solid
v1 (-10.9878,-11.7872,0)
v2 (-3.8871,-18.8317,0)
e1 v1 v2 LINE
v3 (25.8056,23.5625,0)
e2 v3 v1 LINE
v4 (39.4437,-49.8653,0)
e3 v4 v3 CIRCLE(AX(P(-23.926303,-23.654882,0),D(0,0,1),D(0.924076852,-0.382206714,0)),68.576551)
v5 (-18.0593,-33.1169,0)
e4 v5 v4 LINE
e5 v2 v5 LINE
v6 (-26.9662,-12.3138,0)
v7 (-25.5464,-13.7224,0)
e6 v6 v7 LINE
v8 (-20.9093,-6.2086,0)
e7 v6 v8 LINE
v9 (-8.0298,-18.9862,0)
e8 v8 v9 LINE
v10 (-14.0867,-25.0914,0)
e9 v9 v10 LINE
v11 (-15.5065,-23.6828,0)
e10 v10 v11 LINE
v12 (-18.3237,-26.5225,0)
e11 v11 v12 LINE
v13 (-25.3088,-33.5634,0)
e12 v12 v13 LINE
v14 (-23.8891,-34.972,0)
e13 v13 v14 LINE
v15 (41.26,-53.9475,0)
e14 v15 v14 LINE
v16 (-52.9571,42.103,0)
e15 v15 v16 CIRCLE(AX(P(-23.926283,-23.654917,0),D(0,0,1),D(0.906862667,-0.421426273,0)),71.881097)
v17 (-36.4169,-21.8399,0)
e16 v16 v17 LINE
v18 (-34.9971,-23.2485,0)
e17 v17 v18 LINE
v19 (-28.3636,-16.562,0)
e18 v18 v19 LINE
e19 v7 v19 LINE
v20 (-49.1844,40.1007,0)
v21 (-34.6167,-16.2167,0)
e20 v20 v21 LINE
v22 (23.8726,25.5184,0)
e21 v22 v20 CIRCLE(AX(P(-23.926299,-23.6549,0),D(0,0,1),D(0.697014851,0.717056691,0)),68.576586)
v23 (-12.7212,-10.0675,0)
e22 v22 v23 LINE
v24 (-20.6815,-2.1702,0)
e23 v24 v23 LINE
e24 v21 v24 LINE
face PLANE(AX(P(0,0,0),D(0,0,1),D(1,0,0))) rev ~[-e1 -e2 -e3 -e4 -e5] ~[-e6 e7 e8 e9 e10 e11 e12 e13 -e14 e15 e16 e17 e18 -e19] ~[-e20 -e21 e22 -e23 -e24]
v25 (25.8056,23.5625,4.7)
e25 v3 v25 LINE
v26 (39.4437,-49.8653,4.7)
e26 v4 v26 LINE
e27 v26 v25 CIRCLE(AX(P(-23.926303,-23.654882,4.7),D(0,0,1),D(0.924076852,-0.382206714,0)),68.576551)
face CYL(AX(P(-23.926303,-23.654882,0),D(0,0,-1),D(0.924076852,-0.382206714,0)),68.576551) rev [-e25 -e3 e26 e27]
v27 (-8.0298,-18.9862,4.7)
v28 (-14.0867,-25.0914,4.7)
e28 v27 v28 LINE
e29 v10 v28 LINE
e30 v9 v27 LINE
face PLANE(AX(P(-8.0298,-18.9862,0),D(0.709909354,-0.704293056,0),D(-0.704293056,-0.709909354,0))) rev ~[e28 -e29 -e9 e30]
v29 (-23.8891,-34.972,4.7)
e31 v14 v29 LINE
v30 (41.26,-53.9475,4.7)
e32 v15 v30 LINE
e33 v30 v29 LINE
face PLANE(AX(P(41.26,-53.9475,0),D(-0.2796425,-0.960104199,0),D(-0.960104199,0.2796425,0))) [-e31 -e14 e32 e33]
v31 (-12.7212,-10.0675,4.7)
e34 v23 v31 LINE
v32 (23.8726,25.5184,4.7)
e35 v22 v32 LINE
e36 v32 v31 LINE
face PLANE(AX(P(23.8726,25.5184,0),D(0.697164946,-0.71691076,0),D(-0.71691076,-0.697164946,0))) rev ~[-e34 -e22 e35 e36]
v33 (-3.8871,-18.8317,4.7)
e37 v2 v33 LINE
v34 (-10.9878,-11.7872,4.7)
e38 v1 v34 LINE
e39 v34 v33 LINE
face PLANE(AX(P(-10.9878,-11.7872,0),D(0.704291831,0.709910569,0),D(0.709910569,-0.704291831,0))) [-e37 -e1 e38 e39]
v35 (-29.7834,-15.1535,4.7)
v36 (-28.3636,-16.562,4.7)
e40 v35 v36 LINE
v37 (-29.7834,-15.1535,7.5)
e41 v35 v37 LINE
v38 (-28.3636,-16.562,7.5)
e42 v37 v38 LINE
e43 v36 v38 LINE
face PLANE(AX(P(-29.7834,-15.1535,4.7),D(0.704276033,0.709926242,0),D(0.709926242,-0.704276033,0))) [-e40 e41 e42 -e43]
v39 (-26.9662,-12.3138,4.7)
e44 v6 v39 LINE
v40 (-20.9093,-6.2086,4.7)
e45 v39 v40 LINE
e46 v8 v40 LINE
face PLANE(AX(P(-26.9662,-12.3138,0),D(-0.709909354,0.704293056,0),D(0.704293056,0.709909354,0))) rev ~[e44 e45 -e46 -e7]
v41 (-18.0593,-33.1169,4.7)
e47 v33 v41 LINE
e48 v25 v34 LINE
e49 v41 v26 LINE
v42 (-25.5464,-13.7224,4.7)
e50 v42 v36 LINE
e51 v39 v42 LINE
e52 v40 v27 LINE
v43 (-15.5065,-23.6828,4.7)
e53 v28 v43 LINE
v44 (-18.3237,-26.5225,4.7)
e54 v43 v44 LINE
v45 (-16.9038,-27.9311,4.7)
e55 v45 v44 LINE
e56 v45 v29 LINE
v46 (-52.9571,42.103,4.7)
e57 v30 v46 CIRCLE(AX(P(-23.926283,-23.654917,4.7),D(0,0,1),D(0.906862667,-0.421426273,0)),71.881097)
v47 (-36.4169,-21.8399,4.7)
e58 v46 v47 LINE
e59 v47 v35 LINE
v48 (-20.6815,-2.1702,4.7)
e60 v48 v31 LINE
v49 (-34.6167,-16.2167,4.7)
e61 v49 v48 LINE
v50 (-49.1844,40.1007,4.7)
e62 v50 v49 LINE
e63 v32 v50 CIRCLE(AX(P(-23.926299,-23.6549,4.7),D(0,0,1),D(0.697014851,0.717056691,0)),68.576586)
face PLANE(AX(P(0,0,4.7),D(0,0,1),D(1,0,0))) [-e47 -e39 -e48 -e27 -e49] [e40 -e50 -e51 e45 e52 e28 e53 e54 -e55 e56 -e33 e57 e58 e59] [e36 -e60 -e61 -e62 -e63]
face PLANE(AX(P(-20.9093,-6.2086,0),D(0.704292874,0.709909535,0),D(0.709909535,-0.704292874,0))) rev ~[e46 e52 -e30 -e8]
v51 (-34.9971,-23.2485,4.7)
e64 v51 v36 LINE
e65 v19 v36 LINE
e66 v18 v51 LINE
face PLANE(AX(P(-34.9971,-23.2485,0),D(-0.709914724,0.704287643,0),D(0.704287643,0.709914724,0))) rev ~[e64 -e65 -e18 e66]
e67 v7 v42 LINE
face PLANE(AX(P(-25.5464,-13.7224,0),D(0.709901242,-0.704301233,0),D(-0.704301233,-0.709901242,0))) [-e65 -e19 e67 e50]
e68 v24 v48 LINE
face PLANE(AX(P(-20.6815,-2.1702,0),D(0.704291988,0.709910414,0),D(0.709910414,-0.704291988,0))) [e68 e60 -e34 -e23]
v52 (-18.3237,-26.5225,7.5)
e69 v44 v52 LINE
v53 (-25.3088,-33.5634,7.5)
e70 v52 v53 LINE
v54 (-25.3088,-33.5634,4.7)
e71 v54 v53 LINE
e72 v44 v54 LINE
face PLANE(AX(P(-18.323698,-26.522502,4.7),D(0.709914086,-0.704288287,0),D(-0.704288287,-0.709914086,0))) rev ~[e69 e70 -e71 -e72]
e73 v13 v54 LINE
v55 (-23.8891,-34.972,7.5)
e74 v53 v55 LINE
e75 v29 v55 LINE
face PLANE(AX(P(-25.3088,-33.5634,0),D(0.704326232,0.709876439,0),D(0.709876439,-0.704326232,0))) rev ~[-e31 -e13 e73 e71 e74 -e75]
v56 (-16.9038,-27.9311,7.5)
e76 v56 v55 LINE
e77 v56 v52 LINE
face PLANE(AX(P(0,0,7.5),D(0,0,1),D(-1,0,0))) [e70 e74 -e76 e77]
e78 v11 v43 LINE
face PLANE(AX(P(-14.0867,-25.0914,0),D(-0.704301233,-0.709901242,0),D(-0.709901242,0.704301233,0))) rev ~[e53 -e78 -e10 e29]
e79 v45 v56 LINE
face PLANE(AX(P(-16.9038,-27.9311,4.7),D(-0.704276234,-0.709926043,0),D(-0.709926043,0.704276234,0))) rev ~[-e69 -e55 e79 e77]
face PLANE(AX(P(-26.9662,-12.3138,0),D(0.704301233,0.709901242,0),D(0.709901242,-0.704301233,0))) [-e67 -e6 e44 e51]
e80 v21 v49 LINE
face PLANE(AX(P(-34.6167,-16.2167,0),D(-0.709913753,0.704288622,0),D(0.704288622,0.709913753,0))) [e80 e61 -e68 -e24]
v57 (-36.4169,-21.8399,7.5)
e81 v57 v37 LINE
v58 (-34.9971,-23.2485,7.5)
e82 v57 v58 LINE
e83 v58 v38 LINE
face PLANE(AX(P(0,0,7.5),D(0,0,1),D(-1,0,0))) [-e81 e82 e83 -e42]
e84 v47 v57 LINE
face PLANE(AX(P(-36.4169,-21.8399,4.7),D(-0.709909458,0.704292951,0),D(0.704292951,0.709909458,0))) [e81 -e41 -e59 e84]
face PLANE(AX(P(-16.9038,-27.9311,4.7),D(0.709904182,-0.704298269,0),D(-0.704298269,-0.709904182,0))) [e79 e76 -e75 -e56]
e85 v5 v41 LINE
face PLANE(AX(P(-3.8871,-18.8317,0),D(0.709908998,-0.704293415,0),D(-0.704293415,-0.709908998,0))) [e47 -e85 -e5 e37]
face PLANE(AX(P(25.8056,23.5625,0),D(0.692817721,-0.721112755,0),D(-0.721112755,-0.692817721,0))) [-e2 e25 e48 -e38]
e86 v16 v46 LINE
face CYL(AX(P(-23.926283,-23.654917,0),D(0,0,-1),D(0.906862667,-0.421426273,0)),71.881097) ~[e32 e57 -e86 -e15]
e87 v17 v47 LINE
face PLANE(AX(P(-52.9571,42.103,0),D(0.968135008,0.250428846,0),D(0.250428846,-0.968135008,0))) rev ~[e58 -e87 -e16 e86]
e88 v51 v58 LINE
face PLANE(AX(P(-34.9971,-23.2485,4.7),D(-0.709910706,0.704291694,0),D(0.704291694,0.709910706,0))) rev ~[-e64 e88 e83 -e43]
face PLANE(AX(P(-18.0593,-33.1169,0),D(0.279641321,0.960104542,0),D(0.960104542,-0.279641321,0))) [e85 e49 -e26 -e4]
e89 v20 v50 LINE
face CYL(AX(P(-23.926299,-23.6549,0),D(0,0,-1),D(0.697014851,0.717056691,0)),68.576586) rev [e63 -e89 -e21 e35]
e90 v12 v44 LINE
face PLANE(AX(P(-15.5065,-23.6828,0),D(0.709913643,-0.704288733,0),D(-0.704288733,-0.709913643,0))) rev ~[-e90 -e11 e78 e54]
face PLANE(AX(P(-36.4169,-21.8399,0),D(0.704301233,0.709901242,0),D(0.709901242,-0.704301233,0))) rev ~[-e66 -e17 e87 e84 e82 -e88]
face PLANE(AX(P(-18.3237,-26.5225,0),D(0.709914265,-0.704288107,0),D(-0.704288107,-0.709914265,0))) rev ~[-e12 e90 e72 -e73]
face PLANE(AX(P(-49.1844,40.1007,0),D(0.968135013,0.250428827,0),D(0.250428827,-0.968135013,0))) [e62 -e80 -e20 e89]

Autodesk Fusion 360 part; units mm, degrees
sketch "Sketch1" plane through (0, 0, 0) normal (0, 0, 1) x (1, 0, 0)
  line L0 (41.26, -53.9475) -> (-23.8891, -34.972)
  arc A0 (41.26, -53.9475) -> (-52.9571, 42.103) centre (-23.9263, -23.6549) ccw
  line L1 (-49.1844, 40.1007) -> (-34.6167, -16.2167)
  line L2 (-34.6167, -16.2167) -> (-20.6815, -2.1702)
  line L3 (-3.8871, -18.8317) -> (-18.0593, -33.1169)
  line L4 (-18.0593, -33.1169) -> (39.4437, -49.8653)
  arc A1 (23.8726, 25.5184) -> (-49.1844, 40.1007) centre (-23.9263, -23.6549) ccw
  line L5 (23.8726, 25.5184) -> (-12.7212, -10.0675)
  line L6 (25.8056, 23.5625) -> (-10.9878, -11.7872)
  arc A2 (39.4437, -49.8653) -> (25.8056, 23.5625) centre (-23.9263, -23.6549) ccw
  line L7 (23.8726, 25.5184) -> (28.5034, 25.5184) construction
  line L8 (-20.6815, -2.1702) -> (-12.7212, -10.0675)
  line L9 (-10.9878, -11.7872) -> (-3.8871, -18.8317)
  line L10 (-36.4169, -21.8399) -> (-29.7834, -15.1535)
  line L11 (-20.9093, -6.2086) -> (-8.0298, -18.9862)
  line L12 (-16.9038, -27.9311) -> (-23.8891, -34.972)
  line L13 (-52.9571, 42.103) -> (-36.4169, -21.8399)
  line L14 (-8.0298, -18.9862) -> (-14.0867, -25.0914)
  line L15 (-14.0867, -25.0914) -> (-15.5065, -23.6828)
  line L16 (-15.5065, -23.6828) -> (-18.3237, -26.5225)
  line L17 (-18.3237, -26.5225) -> (-16.9038, -27.9311)
  line L18 (-26.9662, -12.3138) -> (-20.9093, -6.2086)
  line L19 (-26.9662, -12.3138) -> (-25.5464, -13.7224)
  line L20 (-25.5464, -13.7224) -> (-28.3636, -16.562)
  line L21 (-28.3636, -16.562) -> (-29.7834, -15.1535)
  line L22 (-18.3237, -26.5225) -> (-25.3088, -33.5634)
  line L23 (-25.3088, -33.5634) -> (-23.8891, -34.972)
  line L24 (-36.4169, -21.8399) -> (-34.9971, -23.2485)
  line L25 (-34.9971, -23.2485) -> (-28.3636, -16.562)
  dimension "d4" = 2
  dimension "d5" = 4
  dimension "d6" = 2
  dimension "d7" = 4
  dimension "d8" = 9.918
  dimension "d9" = 2
extrude "Extrude1" add sketch "Sketch1" along normal blind 4.7
sketch "Sketch2" plane through (0, 0, 4.7) normal (0, 0, 1) x (-1, 0, 0)
  arc A0 (-23.8726, -25.5184) -> (49.1844, -40.1007) centre (23.9263, 23.6549) ccw
  line L0 (-23.8726, -25.5184) -> (12.7212, 10.0675)
  line L1 (12.7212, 10.0675) -> (20.6815, 2.1702)
  line L2 (20.6815, 2.1702) -> (34.6167, 16.2167)
  line L3 (34.6167, 16.2167) -> (49.1844, -40.1007)
  line L4 (3.8871, 18.8317) -> (10.9878, 11.7872)
  line L5 (10.9878, 11.7872) -> (-25.8056, -23.5625)
  arc A1 (-39.4437, 49.8653) -> (-25.8056, -23.5625) centre (23.9263, 23.6549) ccw
  line L6 (-39.4437, 49.8653) -> (18.0593, 33.1169)
  line L7 (18.0593, 33.1169) -> (3.8871, 18.8317)
  arc A2 (-41.26, 53.9475) -> (52.9571, -42.103) centre (23.9263, 23.6549) ccw
  line L8 (52.9571, -42.103) -> (36.4169, 21.8399)
  line L9 (36.4169, 21.8399) -> (34.9971, 23.2485)
  line L10 (34.9971, 23.2485) -> (25.5464, 13.7224)
  line L11 (25.5464, 13.7224) -> (26.9662, 12.3138)
  line L12 (26.9662, 12.3138) -> (20.9093, 6.2086)
  line L13 (20.9093, 6.2086) -> (8.0298, 18.9862)
  line L14 (8.0298, 18.9862) -> (14.0867, 25.0914)
  line L15 (14.0867, 25.0914) -> (15.5065, 23.6828)
  line L16 (15.5065, 23.6828) -> (25.3088, 33.5634)
  line L17 (25.3088, 33.5634) -> (23.8891, 34.972)
  line L18 (23.8891, 34.972) -> (-41.26, 53.9475)
  line L19 (16.9038, 27.9311) -> (18.3237, 26.5225)
  line L20 (16.9038, 27.9311) -> (23.8891, 34.972)
  line L21 (36.4169, 21.8399) -> (29.7834, 15.1535)
  line L22 (29.7834, 15.1535) -> (28.3636, 16.562)
  dimension "d12" = 4
  dimension "d13" = 4
extrude "Extrude2" add sketch "Sketch2" along normal blind 2.8 contours L16 L17 L19 L20 | L9 L10 L21 L22
